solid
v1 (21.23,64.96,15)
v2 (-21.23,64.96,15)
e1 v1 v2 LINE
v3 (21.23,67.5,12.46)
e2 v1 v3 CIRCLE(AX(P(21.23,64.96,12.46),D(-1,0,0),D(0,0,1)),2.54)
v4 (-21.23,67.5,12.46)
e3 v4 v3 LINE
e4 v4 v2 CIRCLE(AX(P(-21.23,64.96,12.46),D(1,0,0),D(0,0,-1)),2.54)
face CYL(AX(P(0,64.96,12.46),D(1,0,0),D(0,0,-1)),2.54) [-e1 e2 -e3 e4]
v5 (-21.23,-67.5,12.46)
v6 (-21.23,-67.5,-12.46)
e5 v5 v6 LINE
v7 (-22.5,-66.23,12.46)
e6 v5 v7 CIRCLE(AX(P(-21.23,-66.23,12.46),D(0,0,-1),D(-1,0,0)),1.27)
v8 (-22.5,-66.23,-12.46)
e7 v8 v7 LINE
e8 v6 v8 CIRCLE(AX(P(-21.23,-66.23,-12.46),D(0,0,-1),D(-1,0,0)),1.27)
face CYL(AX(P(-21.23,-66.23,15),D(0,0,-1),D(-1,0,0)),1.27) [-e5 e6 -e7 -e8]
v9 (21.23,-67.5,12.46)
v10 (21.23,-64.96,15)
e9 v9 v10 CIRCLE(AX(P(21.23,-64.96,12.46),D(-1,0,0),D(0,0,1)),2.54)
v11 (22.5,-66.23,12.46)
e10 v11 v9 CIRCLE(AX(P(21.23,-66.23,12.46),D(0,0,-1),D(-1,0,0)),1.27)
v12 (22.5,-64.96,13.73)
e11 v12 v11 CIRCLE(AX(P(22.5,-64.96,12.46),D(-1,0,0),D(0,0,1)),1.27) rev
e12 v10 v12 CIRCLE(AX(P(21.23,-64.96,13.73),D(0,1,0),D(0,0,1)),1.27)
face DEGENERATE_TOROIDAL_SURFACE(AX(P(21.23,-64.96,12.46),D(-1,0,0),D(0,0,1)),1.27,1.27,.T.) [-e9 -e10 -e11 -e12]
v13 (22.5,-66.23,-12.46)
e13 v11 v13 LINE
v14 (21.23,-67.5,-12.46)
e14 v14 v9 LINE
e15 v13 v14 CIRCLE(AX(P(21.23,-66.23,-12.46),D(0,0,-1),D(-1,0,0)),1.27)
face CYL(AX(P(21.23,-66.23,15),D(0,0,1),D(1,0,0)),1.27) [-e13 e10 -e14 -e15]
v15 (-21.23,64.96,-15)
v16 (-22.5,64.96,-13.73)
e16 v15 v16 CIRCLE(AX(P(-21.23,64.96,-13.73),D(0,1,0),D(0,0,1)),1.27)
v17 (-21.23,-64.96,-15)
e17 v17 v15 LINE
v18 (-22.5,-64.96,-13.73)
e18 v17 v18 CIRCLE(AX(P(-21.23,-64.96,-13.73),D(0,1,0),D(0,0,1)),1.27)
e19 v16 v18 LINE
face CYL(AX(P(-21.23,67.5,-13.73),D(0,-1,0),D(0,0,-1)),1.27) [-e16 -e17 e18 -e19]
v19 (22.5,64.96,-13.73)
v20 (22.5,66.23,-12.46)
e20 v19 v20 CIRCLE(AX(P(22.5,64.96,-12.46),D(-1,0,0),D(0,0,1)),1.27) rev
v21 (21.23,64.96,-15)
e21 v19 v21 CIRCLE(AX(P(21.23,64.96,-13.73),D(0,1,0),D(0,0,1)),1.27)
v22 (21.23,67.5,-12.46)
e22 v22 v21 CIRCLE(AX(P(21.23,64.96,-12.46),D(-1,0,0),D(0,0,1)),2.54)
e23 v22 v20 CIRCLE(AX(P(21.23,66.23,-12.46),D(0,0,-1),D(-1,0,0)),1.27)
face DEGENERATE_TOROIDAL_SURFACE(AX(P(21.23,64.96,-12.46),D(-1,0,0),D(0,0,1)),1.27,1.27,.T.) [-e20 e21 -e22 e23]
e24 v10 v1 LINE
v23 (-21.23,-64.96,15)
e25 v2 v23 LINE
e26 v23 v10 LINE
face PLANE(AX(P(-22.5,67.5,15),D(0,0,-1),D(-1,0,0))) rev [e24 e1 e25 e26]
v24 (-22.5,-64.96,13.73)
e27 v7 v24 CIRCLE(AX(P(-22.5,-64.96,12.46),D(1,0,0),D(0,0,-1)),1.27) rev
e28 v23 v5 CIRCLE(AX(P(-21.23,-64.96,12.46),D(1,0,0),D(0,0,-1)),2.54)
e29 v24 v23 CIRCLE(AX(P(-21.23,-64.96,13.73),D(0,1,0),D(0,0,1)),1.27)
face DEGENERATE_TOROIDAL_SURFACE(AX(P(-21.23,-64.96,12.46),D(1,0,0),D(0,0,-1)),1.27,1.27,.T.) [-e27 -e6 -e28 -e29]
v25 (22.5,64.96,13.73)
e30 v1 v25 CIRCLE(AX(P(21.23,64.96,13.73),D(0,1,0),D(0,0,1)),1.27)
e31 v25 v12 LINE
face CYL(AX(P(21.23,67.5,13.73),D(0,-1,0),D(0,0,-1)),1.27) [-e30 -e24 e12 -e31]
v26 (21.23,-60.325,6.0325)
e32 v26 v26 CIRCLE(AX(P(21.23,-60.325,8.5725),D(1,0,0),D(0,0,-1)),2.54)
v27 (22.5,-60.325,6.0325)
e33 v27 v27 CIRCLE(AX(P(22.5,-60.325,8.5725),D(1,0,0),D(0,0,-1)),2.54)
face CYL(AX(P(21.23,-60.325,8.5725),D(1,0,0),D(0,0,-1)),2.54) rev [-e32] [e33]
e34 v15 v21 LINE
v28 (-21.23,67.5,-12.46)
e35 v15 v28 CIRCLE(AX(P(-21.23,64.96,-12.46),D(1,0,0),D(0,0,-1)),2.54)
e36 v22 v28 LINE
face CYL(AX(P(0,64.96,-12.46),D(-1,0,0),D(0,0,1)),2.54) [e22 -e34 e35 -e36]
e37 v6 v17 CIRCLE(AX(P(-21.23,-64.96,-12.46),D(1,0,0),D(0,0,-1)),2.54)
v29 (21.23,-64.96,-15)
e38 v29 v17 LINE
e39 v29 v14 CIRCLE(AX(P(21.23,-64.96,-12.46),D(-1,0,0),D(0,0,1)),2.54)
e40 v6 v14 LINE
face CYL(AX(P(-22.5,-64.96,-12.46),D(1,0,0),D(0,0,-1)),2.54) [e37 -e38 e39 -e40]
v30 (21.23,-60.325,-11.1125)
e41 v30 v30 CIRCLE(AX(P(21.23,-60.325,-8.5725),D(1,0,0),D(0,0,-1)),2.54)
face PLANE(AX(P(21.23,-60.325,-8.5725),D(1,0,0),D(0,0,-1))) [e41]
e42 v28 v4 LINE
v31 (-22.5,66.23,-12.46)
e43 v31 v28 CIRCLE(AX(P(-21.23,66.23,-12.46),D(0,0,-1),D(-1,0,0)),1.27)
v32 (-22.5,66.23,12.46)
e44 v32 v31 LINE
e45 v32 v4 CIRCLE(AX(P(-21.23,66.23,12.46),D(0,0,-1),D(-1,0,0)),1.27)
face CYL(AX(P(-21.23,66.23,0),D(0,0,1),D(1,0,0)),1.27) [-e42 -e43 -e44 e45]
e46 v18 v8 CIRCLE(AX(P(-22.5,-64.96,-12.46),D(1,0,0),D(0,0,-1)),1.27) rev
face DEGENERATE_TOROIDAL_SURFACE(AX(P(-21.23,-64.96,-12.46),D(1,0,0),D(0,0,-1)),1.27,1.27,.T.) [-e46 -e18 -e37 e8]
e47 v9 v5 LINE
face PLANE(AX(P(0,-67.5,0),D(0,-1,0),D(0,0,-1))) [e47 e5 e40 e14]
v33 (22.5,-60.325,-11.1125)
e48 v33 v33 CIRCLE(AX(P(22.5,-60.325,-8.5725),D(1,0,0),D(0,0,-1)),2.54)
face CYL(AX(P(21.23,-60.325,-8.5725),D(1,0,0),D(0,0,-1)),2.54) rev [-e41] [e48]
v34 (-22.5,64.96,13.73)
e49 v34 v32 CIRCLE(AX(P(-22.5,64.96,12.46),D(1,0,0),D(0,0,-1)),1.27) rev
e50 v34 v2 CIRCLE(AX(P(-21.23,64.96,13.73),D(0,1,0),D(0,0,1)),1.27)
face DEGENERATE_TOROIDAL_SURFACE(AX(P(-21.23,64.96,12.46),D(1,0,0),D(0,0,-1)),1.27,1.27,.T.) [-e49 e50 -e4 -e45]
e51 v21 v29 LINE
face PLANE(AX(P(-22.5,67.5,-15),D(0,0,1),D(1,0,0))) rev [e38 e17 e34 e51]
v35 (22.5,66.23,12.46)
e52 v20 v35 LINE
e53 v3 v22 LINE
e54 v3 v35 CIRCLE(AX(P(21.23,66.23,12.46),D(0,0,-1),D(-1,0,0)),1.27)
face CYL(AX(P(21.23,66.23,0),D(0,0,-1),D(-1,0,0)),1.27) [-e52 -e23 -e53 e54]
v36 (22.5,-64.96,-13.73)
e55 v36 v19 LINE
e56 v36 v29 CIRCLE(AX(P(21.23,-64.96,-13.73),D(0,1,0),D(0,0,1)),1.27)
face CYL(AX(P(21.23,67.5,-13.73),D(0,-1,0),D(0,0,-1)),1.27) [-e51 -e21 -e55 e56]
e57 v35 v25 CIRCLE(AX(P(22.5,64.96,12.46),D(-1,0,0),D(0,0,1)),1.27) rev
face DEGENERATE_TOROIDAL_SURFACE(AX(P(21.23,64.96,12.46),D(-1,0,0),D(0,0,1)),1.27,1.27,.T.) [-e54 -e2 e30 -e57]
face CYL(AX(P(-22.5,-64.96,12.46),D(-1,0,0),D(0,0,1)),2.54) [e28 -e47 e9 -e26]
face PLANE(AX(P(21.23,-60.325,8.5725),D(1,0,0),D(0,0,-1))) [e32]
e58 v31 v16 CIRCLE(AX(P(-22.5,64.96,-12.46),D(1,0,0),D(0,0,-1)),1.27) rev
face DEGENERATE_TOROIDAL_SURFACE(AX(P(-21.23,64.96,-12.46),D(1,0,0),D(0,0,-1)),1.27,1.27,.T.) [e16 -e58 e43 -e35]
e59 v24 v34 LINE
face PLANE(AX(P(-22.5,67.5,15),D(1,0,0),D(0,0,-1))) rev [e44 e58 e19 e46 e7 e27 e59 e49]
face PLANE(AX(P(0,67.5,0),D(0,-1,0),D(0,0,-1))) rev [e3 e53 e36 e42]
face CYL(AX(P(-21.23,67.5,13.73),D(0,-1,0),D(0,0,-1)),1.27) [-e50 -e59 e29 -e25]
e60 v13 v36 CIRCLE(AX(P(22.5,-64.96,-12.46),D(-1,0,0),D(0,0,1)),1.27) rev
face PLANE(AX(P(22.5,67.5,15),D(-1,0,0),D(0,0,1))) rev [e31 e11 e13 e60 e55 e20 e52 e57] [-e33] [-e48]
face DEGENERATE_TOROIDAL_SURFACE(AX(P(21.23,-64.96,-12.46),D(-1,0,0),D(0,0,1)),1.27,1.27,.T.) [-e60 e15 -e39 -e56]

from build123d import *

# Parameters (mm, degrees)
SKETCH1_W           = 45
SKETCH1_H           = 30
BOSS_EXTRUDE1_DEPTH = 67.5
FILLET1_R           = 2.54
FILLET2_R           = 1.27
SKETCH2_R           = 2.54
CUT_EXTRUDE1_DEPTH  = 1.27


with BuildPart() as part:
    # Sketch1 → Boss-Extrude1 (new, symmetric)
    with BuildSketch(Plane(origin=(0, 0, 0), x_dir=(1, 0, 0), z_dir=(0, 1, 0))):
        Rectangle(SKETCH1_W, SKETCH1_H)
    extrude(amount=BOSS_EXTRUDE1_DEPTH, both=True)

    # Fillet1
    fillet1_edges = [part.edges().sort_by_distance(p)[0] for p in [
        (0, 67.5, 15),
        (0, -67.5, 15),
        (0, -67.5, -15),
        (0, 67.5, -15),
    ]]
    fillet(fillet1_edges, radius=FILLET1_R)

    # Fillet2
    fillet2_edges = [part.edges().sort_by_distance(p)[0] for p in [
        (22.5, 0, 15),
        (-22.5, 0, 15),
        (22.5, -67.5, 0),
        (22.5, 0, -15),
        (22.5, 67.5, 0),
        (22.5, 66.756051224, -14.256051224),
        (22.5, 66.756051224, 14.256051224),
        (22.5, -66.756051224, -14.256051224),
        (22.5, -66.756051224, 14.256051224),
        (-22.5, -67.5, 0),
        (-22.5, 67.5, 0),
        (-22.5, 0, -15),
        (-22.5, 66.756051224, -14.256051224),
        (-22.5, 66.756051224, 14.256051224),
        (-22.5, -66.756051224, -14.256051224),
        (-22.5, -66.756051224, 14.256051224),
    ]]
    fillet(fillet2_edges, radius=FILLET2_R)

    # Sketch2 → Cut-Extrude1 (cut)
    with BuildSketch(Plane(origin=(22.5, 0, 0), x_dir=(0, 0, -1), z_dir=(1, 0, 0))):
        with Locations((8.5725, -60.325)):
            Circle(SKETCH2_R)
        with Locations((-8.5725, -60.325)):
            Circle(SKETCH2_R)
    extrude(amount=-CUT_EXTRUDE1_DEPTH, mode=Mode.SUBTRACT)


solid = part.part
